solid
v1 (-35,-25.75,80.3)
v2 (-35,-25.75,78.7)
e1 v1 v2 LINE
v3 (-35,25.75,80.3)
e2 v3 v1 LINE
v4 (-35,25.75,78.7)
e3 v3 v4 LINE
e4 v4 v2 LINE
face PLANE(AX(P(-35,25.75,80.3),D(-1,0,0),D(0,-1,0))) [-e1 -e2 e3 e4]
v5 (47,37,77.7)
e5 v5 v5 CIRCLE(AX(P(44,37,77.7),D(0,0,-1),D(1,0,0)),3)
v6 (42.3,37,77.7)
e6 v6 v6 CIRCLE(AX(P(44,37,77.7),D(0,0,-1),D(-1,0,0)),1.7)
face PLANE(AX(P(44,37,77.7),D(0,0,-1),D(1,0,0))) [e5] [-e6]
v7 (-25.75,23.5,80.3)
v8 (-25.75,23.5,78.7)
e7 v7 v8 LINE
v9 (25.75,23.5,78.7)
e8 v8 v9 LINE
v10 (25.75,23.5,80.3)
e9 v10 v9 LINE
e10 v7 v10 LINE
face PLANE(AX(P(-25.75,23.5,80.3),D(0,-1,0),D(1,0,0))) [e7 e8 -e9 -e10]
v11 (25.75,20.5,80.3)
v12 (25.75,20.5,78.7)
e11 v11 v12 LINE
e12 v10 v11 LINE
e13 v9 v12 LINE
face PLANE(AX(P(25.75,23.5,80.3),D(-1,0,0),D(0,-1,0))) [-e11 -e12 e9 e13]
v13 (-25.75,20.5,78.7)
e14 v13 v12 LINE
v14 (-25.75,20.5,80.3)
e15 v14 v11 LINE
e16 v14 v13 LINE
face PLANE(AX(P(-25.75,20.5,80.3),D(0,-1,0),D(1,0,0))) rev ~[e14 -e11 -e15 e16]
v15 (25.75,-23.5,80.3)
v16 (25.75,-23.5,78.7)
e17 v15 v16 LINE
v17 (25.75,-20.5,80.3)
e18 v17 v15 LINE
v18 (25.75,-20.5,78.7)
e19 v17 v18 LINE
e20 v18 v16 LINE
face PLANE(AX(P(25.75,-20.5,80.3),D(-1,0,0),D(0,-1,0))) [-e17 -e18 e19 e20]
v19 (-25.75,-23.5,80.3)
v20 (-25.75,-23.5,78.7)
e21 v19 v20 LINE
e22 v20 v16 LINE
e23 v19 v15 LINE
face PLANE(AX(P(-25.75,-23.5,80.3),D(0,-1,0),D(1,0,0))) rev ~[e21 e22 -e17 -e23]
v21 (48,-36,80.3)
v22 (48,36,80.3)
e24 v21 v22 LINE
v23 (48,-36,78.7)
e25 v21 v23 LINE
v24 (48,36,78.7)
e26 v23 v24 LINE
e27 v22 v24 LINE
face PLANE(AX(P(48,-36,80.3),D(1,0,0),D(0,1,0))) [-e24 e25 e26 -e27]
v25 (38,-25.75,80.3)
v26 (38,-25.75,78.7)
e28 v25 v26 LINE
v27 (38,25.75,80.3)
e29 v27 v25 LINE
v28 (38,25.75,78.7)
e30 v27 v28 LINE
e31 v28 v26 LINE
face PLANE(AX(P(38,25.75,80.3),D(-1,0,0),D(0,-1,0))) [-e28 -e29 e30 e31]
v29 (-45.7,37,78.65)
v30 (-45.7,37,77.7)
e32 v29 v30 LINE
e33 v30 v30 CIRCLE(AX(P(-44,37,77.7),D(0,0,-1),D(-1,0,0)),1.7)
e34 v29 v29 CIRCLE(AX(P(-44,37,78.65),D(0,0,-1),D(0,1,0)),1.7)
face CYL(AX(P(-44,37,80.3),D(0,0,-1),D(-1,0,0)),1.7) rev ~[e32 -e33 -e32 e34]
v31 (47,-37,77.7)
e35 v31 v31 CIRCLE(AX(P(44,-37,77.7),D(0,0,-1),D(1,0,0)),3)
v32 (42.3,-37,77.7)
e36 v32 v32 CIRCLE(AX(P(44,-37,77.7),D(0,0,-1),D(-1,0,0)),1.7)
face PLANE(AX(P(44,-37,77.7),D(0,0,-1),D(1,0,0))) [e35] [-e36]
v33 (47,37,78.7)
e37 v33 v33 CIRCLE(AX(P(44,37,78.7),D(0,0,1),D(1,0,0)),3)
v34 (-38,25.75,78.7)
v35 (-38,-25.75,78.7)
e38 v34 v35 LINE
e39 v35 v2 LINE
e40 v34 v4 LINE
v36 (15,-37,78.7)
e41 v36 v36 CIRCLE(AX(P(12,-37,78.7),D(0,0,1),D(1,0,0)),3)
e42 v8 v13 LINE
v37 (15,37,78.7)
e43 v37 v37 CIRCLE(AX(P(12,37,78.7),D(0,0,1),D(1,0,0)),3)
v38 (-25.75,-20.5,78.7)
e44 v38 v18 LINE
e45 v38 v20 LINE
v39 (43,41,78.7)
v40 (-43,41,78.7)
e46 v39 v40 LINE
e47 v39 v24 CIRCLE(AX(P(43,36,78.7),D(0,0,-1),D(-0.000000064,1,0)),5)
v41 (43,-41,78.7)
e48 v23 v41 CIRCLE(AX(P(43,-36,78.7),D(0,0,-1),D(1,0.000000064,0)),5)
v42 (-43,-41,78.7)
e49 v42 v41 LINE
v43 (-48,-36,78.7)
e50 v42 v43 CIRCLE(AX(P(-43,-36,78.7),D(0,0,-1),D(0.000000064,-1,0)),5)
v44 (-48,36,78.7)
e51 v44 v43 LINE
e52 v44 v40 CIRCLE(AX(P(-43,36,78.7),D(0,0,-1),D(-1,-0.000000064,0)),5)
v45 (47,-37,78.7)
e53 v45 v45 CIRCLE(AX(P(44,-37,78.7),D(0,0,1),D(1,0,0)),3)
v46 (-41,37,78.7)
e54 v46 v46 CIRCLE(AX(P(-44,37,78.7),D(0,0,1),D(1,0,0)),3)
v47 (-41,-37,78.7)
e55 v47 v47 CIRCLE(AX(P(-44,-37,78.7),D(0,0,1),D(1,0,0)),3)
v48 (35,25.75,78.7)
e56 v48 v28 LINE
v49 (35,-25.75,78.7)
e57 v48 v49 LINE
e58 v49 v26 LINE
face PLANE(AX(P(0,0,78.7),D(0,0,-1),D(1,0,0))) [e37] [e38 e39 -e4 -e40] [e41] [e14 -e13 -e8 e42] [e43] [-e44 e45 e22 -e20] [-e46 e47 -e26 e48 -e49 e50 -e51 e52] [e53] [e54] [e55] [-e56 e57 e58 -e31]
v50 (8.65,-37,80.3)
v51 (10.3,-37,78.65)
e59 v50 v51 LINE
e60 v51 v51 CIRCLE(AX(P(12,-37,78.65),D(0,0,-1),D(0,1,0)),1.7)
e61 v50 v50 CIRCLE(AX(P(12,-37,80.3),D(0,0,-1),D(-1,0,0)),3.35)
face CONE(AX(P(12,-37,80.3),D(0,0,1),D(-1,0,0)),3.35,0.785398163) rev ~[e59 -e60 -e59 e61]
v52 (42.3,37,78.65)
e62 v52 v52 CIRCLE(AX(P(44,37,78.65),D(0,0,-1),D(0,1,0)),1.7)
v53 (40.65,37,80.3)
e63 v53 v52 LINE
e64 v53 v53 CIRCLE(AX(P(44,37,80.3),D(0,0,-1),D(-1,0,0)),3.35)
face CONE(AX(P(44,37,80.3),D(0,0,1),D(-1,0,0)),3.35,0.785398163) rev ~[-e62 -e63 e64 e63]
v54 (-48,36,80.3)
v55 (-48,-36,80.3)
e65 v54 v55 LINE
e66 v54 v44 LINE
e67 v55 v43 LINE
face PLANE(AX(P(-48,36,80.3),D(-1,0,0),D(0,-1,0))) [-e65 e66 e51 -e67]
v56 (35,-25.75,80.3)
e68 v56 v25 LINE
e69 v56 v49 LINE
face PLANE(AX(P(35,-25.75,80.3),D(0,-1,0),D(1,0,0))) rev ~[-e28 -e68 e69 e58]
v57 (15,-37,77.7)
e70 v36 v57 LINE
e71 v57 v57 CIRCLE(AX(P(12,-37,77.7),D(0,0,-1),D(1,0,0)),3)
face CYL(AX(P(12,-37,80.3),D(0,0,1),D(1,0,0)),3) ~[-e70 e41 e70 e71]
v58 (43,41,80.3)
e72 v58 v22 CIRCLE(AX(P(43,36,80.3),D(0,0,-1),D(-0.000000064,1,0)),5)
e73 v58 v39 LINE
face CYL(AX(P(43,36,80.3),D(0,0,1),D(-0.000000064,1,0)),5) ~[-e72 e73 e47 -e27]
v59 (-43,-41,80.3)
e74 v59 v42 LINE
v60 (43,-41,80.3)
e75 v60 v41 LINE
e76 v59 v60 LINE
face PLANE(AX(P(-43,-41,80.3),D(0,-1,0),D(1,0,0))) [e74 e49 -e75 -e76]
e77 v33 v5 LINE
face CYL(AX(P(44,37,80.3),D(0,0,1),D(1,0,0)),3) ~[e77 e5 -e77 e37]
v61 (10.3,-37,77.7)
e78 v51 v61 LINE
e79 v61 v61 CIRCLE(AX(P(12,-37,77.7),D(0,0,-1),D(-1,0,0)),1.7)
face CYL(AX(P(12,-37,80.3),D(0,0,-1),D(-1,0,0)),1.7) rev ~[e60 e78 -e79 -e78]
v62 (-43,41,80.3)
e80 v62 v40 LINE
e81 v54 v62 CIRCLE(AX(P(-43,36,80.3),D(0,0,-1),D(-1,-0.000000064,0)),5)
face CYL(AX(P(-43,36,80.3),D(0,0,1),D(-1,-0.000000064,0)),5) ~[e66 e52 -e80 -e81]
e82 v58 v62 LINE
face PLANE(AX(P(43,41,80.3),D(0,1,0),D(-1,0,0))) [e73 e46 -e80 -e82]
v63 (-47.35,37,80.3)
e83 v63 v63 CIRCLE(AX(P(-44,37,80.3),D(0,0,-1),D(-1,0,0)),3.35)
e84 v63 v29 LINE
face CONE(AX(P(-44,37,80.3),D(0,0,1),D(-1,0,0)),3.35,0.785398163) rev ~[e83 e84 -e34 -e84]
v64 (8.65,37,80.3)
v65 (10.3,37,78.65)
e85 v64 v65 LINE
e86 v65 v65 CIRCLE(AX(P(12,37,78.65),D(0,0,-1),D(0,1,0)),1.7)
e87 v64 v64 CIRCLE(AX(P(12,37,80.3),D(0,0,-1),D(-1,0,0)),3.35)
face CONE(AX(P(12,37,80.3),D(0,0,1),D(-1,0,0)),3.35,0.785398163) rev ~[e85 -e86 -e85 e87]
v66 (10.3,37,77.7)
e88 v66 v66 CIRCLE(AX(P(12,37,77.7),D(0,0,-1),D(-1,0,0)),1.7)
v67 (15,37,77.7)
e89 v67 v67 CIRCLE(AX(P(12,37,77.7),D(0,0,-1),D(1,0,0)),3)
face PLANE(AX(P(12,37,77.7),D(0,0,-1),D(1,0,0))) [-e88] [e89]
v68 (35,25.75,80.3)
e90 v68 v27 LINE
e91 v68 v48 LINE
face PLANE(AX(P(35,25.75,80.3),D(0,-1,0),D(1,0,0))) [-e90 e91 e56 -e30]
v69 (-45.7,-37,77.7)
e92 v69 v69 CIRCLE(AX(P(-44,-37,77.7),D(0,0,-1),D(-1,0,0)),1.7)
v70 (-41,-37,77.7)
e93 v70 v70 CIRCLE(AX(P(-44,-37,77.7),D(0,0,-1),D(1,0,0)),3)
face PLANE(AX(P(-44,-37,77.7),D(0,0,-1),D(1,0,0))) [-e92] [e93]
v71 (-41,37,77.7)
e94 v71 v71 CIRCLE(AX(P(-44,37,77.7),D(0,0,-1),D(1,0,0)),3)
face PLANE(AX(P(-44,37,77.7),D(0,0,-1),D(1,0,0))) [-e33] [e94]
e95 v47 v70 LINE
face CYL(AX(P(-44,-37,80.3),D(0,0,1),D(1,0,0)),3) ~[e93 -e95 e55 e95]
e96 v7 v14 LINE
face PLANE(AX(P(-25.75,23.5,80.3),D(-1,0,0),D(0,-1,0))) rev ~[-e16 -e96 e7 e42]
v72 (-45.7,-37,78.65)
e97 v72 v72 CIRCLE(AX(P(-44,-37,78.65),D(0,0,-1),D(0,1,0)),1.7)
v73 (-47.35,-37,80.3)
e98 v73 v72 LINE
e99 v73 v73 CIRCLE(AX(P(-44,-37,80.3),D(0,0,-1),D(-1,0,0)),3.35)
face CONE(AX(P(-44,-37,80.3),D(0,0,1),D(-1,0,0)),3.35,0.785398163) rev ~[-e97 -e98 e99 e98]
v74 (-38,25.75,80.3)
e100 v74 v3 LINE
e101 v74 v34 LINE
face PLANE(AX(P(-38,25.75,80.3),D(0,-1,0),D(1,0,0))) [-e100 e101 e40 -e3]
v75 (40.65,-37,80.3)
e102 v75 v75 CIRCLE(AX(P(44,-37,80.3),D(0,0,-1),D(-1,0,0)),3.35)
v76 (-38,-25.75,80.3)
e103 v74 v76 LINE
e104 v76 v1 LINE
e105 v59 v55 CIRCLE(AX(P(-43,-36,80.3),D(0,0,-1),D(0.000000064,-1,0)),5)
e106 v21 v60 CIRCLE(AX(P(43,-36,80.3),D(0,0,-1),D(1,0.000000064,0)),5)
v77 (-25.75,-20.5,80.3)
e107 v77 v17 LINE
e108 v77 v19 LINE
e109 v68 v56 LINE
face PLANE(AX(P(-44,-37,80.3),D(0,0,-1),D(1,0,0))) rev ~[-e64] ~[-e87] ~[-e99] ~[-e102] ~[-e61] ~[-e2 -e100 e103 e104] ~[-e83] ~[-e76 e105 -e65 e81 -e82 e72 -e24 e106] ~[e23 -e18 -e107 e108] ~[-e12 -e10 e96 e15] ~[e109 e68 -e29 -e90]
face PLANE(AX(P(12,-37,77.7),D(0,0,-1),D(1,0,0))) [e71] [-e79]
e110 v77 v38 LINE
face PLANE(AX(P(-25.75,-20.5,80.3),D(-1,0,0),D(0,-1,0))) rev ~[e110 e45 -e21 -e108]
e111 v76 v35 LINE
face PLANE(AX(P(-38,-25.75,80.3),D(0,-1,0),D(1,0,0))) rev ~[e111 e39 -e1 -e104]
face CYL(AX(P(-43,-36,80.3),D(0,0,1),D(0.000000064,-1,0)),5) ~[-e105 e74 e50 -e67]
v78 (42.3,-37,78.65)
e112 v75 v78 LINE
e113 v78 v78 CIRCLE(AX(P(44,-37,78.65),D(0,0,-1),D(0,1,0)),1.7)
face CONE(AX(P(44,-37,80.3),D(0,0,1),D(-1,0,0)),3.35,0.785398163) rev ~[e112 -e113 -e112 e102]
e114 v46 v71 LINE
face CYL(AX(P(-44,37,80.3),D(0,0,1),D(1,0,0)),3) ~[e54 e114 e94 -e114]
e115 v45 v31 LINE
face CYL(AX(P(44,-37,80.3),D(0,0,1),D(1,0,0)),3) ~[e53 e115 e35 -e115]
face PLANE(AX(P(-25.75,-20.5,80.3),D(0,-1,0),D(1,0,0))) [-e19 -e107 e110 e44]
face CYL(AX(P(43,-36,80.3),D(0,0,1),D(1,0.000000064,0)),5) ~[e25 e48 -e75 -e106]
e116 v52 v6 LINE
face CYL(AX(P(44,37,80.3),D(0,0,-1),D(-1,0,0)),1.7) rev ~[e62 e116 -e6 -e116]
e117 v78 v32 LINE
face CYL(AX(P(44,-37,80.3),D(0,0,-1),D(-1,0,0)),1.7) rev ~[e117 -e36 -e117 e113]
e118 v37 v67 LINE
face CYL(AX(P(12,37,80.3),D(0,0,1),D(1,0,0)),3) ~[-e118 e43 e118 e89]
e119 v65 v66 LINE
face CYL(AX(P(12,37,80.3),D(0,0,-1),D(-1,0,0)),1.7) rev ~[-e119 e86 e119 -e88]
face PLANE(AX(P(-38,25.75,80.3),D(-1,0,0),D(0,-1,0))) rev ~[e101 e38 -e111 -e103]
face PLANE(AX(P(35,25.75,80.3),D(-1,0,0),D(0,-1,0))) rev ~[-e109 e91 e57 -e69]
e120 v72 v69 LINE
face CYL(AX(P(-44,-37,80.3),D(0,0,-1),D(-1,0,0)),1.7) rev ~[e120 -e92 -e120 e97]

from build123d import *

# Parameters (mm, degrees)
SKETCH021_W             = 51.5
SKETCH021_H             = 3
SKETCH021_W_2           = 3
SKETCH021_H_2           = 51.5
PAD014_DEPTH            = 1.6
SKETCH022_R             = 3
PAD015_DEPTH            = 2.6
HOLE_D                  = 3.4
HOLE_DEPTH              = 25
HOLE_CSINK_D            = 6.7
HOLE_CSINK_ANGLE        = 90
BODY005_PLACEMENT_ANGLE = 180


with BuildPart() as part:
    # Sketch021 → Pad014 (new body)
    with BuildSketch(Plane.XY):
        with BuildLine():
            ThreePointArc((-43, 41), (-46.535534, 39.535534), (-48, 36))
            Line((-48, -36), (-48, 36))
            ThreePointArc((-48, -36), (-46.535534, -39.535534), (-43, -41))
            Line((43, -41), (-43, -41))
            ThreePointArc((43, -41), (46.535534, -39.535534), (48, -36))
            Line((48, 36), (48, -36))
            ThreePointArc((48, 36), (46.535534, 39.535534), (43, 41))
            Line((-43, 41), (43, 41))
        make_face()
        with Locations((0, 22)):
            Rectangle(SKETCH021_W, SKETCH021_H, mode=Mode.SUBTRACT)
        with Locations((0, -22)):
            Rectangle(SKETCH021_W, SKETCH021_H, mode=Mode.SUBTRACT)
        with Locations((-36.5, 0)):
            Rectangle(SKETCH021_W_2, SKETCH021_H_2, mode=Mode.SUBTRACT)
        with Locations((36.5, 0)):
            Rectangle(SKETCH021_W_2, SKETCH021_H_2, mode=Mode.SUBTRACT)
    extrude(amount=PAD014_DEPTH)

    # Sketch022 → Pad015 (join)
    with BuildSketch(Plane.XY):
        with Locations((-44, 37)):
            Circle(SKETCH022_R)
        with Locations((12, 37)):
            Circle(SKETCH022_R)
        with Locations((44, 37)):
            Circle(SKETCH022_R)
        with Locations((44, -37)):
            Circle(SKETCH022_R)
        with Locations((12, -37)):
            Circle(SKETCH022_R)
        with Locations((-44, -37)):
            Circle(SKETCH022_R)
    extrude(amount=PAD015_DEPTH)

    # Hole
    with Locations(Plane(origin=(0, 0, 0), x_dir=(1, 0, 0), z_dir=(0, 0, -1))):
        with Locations((-44, -37), (12, -37), (44, -37), (44, 37), (12, 37), (-44, 37)):
            CounterSinkHole(HOLE_D / 2, HOLE_CSINK_D / 2, depth=HOLE_DEPTH, counter_sink_angle=HOLE_CSINK_ANGLE)


with BuildPart() as part_1:
    # Body005 placement: moved
    add(part.part.moved(Location((0, 0, 80.3))).rotate(Axis((0, 0, 80.3), (1, 0, 0)), BODY005_PLACEMENT_ANGLE))


solid = part_1.part
